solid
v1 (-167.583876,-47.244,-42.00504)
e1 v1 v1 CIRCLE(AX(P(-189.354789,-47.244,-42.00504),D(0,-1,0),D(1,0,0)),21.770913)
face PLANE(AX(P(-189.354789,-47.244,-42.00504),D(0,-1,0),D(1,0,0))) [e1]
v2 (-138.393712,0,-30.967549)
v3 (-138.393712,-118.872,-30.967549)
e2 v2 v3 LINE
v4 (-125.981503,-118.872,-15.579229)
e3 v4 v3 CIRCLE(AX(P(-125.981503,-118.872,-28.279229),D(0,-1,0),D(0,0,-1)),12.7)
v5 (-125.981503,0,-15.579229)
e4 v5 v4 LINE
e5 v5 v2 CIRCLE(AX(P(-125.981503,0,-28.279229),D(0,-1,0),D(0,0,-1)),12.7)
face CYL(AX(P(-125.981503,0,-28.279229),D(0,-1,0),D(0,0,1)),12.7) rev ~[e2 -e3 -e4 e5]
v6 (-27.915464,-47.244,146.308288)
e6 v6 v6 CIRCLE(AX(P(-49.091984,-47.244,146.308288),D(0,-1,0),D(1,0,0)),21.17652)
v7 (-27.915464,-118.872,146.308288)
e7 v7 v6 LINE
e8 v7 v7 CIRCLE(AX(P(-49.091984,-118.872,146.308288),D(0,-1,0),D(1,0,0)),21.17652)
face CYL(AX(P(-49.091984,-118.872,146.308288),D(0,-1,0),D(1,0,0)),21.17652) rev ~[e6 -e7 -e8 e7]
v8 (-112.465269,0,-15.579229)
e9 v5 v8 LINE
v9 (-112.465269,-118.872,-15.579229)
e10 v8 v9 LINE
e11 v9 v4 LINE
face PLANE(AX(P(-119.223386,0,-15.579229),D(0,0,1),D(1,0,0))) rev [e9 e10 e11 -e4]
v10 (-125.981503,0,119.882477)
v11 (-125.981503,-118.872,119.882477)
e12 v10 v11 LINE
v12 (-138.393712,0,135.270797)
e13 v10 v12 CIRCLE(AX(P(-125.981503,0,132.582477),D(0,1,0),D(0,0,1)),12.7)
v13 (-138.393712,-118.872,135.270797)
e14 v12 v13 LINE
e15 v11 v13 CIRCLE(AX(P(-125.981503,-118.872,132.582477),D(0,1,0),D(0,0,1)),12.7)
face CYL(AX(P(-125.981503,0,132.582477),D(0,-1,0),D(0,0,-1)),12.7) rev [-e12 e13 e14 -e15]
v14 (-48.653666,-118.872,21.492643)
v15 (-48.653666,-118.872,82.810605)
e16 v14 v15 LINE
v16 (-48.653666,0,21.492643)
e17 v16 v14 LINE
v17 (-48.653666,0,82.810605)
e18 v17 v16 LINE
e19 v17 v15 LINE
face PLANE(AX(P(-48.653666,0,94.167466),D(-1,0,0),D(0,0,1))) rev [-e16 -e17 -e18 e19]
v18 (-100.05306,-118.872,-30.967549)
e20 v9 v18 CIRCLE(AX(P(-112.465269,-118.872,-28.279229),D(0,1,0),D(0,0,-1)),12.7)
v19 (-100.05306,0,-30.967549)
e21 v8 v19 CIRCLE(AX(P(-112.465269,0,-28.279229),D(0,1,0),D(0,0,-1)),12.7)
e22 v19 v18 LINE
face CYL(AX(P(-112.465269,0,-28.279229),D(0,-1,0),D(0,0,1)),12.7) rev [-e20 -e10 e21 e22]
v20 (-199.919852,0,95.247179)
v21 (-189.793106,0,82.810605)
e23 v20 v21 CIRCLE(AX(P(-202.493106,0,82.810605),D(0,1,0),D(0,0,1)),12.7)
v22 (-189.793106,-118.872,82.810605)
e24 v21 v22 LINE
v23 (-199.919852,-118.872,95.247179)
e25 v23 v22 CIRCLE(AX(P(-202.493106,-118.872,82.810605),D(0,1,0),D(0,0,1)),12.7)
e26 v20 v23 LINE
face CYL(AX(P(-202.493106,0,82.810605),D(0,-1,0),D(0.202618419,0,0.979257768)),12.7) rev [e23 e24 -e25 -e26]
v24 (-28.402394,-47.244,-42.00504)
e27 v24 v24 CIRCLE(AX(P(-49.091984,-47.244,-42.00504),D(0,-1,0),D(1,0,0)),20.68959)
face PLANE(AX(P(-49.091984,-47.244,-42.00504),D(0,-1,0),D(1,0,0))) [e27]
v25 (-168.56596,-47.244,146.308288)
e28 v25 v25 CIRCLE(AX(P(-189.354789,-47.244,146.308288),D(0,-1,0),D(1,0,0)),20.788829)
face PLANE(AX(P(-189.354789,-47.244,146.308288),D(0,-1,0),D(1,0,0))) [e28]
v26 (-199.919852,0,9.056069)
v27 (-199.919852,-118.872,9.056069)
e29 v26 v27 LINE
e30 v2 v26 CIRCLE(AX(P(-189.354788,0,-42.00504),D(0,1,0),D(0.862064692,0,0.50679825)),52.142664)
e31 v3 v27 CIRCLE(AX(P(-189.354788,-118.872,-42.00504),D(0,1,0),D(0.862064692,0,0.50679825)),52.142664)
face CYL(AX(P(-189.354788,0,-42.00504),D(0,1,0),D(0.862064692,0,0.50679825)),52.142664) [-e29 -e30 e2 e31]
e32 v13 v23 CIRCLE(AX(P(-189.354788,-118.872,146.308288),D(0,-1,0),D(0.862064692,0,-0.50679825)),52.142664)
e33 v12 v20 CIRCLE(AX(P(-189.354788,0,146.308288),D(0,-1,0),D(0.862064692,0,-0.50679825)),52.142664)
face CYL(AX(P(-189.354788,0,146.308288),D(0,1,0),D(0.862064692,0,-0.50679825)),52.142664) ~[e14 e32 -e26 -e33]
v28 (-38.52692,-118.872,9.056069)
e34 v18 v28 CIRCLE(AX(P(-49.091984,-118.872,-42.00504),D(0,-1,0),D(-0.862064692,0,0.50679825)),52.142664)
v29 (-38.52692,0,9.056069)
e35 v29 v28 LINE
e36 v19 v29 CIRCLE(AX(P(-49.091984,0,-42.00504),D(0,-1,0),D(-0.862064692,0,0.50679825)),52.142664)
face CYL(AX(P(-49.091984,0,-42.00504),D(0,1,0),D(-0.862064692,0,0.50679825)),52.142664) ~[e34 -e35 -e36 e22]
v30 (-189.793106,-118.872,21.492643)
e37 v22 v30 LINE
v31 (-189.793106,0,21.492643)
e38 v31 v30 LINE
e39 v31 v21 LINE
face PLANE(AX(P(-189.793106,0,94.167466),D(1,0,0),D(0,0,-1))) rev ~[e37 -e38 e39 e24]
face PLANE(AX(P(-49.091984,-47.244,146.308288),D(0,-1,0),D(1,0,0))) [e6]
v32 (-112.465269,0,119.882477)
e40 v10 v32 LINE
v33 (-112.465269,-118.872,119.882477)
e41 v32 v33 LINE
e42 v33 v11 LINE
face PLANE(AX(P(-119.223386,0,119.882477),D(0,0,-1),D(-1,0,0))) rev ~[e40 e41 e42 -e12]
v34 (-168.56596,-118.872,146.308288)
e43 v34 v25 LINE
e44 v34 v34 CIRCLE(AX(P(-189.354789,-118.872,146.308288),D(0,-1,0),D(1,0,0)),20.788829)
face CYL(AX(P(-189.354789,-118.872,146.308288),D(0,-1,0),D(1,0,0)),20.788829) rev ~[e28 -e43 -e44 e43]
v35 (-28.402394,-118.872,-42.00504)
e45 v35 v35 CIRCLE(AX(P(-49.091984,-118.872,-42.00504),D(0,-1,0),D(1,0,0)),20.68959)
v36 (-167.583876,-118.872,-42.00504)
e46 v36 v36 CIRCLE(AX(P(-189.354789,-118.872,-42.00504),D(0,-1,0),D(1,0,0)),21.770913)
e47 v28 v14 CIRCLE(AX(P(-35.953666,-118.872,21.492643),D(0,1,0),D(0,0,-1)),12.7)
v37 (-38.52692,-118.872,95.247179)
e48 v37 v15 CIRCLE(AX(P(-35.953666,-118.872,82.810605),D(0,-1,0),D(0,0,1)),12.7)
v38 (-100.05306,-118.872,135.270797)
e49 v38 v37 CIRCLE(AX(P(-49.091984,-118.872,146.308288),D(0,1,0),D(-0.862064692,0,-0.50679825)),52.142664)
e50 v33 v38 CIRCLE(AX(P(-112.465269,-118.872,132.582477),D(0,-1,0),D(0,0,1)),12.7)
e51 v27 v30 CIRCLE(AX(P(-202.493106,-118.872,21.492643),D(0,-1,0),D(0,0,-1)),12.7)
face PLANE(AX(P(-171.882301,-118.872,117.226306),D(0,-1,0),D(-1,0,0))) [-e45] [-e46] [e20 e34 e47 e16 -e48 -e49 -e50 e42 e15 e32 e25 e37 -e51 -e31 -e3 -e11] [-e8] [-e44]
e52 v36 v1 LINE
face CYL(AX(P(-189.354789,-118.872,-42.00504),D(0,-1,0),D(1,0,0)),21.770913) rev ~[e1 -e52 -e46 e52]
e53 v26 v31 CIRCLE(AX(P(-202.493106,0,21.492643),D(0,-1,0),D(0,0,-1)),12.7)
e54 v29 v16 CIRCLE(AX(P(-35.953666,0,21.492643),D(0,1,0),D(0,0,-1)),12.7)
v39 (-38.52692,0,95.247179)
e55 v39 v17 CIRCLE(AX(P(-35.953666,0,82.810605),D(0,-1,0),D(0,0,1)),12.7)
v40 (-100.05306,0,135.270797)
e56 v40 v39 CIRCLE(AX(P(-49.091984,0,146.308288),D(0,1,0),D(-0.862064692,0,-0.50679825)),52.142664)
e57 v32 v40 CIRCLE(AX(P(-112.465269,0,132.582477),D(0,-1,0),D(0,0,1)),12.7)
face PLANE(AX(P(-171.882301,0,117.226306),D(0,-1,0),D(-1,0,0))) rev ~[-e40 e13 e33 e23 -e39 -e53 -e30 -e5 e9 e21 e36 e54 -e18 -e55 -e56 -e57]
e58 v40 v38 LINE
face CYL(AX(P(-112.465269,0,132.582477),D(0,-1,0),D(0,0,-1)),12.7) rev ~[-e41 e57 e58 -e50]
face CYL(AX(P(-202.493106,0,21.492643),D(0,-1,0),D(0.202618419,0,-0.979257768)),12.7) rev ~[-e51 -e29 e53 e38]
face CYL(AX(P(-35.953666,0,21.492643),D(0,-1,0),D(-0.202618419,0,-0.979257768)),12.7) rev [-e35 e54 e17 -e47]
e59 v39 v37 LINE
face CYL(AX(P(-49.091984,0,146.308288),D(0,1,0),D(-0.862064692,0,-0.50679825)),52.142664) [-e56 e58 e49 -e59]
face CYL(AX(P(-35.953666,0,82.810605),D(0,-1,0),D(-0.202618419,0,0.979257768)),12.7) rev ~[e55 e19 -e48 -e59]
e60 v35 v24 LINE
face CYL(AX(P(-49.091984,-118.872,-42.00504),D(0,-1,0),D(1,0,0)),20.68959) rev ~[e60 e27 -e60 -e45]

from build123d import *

# Parameters (mm, degrees)
F1_DEPTH = 118.872
F2_R     = 12.7
F5_R     = 20.788829
F5_R_2   = 21.17652
F5_R_3   = 20.68959
F5_R_4   = 21.770913
F6_DEPTH = 71.628


with BuildPart() as f1:
    # F0 (on Front) → F1 (new body)
    with BuildSketch(Plane.XZ):
        with BuildLine():
            Line((-48.653666, 52.151624), (-119.223386, 52.151624))
            Line((-119.223386, 52.151624), (-119.223386, -15.579229))
            Line((-119.223386, -15.579229), (-94.042334, -15.579229))
            ThreePointArc((-94.042334, -15.579229), (-23.388954, -87.372558), (-48.653666, 10.135782))
            Line((-48.653666, 10.135782), (-48.653666, 52.151624))
        make_face()
    extrude(amount=F1_DEPTH)

    # F2
    f2_edges = [f1.edges().sort_by_distance(p)[0] for p in [
        (-94.042334, -59.436, -15.579229),
        (-48.653666, -59.436, 10.135782),
    ]]
    fillet(f2_edges, radius=F2_R)

    # F3: F1 across face


with BuildPart() as f1_1:
    add(f1.part)
    add(f1.part.mirror(Plane(origin=(-119.223386, -59.436, 18.286197), x_dir=(0, -1, 0), z_dir=(-1, 0, 0))))

    # F4: F1 across face


with BuildPart() as f1_2:
    add(f1_1.part)
    add(f1_1.part.mirror(Plane(origin=(-119.223386, -59.436, 52.151624), x_dir=(1, 0, 0), z_dir=(0, 0, 1))))

    # F5 (on face) → F6 (cut)
    with BuildSketch(Plane.XZ.offset(118.872)):
        with Locations((-189.354789, 146.308288)):
            Circle(F5_R)
        with Locations((-49.091984, 146.308288)):
            Circle(F5_R_2)
        with Locations((-49.091984, -42.00504)):
            Circle(F5_R_3)
        with Locations((-189.354789, -42.00504)):
            Circle(F5_R_4)
    extrude(amount=-F6_DEPTH, mode=Mode.SUBTRACT)


solid = f1_2.part
